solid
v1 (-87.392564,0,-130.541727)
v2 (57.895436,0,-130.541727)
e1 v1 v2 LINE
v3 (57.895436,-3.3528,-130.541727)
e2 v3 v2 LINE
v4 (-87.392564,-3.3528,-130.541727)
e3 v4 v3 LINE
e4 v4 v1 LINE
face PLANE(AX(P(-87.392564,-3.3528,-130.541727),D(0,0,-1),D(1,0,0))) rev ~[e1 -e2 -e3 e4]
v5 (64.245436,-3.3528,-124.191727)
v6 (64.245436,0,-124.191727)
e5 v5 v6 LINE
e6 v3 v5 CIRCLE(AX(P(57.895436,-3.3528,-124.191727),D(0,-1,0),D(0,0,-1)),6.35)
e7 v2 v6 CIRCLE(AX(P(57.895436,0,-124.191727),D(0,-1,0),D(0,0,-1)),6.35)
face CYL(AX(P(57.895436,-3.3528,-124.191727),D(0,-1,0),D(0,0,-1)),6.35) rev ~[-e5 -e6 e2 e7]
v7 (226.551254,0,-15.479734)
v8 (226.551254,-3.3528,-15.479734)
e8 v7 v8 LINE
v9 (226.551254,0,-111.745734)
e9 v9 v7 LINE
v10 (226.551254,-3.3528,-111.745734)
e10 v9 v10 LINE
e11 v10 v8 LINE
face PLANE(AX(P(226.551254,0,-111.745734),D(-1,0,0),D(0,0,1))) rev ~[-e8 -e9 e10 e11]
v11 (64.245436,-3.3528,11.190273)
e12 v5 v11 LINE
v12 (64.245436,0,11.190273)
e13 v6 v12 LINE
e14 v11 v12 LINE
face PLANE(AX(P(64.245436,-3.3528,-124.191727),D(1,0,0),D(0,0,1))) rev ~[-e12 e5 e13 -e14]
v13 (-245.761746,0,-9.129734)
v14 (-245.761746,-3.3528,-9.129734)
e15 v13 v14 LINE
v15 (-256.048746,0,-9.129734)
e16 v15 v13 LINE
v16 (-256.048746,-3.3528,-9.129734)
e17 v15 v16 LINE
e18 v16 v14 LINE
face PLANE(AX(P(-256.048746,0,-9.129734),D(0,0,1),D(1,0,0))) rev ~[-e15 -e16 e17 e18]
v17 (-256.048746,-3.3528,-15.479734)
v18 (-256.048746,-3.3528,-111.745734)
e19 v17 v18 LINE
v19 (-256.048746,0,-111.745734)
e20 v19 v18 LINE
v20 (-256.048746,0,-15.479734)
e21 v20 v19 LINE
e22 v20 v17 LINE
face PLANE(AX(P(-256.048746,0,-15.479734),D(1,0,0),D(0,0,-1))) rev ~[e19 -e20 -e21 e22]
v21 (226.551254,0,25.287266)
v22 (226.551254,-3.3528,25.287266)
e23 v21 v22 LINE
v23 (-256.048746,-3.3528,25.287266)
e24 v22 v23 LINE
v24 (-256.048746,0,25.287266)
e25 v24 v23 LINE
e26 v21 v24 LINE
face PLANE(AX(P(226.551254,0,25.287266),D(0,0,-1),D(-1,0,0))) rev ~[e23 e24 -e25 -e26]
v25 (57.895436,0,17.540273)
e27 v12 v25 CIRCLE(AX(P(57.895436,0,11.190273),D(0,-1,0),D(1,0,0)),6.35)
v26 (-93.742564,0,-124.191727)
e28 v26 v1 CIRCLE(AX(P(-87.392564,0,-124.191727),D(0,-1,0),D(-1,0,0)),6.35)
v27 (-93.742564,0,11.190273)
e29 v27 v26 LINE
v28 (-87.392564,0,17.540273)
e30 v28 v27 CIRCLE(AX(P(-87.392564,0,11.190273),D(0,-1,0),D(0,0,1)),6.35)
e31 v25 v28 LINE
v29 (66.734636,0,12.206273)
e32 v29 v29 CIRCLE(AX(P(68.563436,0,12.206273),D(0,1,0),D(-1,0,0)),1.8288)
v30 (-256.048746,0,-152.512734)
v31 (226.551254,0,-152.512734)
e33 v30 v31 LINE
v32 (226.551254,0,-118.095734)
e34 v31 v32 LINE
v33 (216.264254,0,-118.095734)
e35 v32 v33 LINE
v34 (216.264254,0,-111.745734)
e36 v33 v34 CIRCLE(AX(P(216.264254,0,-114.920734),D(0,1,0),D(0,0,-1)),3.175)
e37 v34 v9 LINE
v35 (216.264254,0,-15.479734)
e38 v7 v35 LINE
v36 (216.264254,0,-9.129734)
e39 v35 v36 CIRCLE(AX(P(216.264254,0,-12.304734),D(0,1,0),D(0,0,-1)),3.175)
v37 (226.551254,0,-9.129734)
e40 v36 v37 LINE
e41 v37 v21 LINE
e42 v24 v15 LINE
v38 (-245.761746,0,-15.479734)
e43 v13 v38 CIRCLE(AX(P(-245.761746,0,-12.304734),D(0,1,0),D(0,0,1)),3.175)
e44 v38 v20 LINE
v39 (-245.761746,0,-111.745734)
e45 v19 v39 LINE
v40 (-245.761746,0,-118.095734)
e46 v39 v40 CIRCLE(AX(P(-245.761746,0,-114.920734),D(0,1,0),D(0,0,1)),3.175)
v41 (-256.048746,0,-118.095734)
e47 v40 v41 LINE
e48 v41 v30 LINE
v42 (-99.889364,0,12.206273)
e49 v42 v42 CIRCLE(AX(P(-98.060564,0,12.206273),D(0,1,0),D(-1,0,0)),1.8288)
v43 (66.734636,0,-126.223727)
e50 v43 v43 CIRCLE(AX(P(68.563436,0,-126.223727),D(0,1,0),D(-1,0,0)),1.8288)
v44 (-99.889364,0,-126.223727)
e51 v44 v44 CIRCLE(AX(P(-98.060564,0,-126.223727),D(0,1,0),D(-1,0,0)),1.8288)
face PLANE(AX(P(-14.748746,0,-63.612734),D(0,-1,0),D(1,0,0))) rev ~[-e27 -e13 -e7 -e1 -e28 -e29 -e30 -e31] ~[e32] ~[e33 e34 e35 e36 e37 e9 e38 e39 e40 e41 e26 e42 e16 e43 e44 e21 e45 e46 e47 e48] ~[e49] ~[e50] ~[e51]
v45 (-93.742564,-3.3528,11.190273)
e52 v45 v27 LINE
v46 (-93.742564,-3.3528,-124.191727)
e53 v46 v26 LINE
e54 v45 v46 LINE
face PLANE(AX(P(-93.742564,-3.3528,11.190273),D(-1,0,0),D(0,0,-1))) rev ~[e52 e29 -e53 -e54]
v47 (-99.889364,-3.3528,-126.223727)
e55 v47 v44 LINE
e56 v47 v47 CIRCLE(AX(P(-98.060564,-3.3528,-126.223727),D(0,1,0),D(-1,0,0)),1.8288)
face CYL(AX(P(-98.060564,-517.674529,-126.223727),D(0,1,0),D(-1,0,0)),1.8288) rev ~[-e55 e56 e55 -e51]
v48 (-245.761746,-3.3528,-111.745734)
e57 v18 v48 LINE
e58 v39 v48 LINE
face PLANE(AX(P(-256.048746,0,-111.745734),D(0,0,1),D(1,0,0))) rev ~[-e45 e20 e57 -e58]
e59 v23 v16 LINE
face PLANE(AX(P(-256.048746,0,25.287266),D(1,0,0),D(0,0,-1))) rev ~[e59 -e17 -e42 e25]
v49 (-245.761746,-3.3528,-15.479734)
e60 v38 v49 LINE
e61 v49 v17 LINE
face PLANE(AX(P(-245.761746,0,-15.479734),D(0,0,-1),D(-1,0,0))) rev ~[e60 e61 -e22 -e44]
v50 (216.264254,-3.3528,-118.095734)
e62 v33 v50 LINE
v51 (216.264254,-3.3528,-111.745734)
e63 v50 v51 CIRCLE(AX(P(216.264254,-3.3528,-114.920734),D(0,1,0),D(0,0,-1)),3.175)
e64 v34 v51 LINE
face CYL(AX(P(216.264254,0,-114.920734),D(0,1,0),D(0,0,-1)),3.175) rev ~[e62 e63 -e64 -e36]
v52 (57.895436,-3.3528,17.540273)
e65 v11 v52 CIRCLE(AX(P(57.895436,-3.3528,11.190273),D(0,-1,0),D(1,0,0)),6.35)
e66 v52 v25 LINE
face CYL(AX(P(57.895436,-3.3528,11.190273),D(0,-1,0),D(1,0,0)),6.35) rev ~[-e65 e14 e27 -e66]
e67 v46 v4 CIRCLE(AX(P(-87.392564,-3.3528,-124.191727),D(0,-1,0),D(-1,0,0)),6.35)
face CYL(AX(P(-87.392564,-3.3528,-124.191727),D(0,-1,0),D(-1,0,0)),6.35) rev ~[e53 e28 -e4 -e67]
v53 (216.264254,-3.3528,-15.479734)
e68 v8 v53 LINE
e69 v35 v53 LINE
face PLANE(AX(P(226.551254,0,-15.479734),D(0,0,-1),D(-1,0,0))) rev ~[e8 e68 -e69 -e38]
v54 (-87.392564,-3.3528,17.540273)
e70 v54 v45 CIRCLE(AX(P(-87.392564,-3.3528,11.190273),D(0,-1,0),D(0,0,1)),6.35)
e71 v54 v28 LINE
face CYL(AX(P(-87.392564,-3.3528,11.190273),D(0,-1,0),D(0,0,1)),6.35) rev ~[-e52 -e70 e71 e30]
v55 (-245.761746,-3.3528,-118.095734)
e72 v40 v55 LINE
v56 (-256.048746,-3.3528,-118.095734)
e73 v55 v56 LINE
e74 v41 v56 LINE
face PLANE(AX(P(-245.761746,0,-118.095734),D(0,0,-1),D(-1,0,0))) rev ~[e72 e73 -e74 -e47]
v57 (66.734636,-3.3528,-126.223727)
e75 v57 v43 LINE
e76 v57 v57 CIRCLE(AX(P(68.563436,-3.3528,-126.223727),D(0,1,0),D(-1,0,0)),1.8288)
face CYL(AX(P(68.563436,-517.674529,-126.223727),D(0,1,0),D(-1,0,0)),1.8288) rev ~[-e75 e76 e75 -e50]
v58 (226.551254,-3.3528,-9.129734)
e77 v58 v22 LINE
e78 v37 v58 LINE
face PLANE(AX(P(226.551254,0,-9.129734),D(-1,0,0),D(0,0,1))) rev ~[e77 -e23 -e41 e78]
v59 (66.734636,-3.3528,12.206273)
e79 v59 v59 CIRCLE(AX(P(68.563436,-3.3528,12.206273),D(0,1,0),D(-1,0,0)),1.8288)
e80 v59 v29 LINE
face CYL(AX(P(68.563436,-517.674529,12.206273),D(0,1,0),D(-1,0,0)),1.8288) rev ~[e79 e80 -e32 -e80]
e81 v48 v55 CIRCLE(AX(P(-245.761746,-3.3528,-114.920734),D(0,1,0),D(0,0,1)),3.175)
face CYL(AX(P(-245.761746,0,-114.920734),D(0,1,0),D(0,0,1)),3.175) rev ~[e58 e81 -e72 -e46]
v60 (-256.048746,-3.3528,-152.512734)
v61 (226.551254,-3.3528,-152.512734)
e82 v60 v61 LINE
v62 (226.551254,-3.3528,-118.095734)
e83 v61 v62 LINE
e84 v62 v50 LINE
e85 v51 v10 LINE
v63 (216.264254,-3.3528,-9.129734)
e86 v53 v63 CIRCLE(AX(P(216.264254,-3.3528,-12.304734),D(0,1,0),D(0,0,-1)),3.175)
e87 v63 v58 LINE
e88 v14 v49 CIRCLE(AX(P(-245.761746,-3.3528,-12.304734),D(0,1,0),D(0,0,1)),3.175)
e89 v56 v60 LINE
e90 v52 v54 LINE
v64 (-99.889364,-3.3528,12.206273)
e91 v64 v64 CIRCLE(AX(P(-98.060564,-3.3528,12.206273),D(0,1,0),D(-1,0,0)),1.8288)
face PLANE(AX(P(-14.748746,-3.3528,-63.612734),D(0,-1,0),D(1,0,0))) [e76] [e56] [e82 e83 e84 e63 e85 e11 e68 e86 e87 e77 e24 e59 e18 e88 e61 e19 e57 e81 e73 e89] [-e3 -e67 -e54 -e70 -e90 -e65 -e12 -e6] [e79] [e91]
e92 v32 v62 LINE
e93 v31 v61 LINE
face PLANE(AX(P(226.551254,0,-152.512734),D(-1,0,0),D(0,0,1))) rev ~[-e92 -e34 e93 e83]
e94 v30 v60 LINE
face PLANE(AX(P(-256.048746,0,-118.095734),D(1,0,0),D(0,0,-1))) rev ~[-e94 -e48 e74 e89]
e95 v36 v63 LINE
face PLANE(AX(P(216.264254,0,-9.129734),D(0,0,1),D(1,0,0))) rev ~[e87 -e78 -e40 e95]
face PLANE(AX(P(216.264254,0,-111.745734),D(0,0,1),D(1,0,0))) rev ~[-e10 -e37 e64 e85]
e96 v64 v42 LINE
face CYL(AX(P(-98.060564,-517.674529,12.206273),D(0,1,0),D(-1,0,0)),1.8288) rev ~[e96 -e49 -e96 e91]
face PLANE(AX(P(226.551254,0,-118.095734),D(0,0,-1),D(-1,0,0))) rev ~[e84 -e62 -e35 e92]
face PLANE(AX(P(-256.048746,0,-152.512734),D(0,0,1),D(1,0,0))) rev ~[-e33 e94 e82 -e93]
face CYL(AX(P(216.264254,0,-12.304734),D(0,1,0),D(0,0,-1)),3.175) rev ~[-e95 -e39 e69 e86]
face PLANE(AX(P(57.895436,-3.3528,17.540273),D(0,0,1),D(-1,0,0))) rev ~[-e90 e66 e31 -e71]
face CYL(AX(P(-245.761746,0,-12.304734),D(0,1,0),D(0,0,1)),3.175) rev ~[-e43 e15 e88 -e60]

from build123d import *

# Parameters (mm, degrees)
F1_DEPTH = 3.3528
F3_DEPTH = 3.3528
F4_D     = 3.6576


with BuildPart() as f1:
    # F0 (on Front) → F1 (new body)
    with BuildSketch(Plane.XZ):
        with BuildLine():
            Line((-256.0487464639, -118.0957335805), (-256.0487464639, -152.5127335805))
            Line((-256.0487464639, -152.5127335805), (226.5512535361, -152.5127335805))
            Line((226.5512535361, -152.5127335805), (226.5512535361, -118.0957335805))
            Line((226.5512535361, -118.0957335805), (216.2642535361, -118.0957335805))
            ThreePointArc((216.2642535361, -118.0957335805), (213.0892535361, -114.9207335805), (216.2642535361, -111.7457335805))
            Line((216.2642535361, -111.7457335805), (226.5512535361, -111.7457335805))
            Line((226.5512535361, -111.7457335805), (226.5512535361, -15.4797335805))
            Line((226.5512535361, -15.4797335805), (216.2642535361, -15.4797335805))
            ThreePointArc((216.2642535361, -15.4797335805), (213.0892535361, -12.3047335805), (216.2642535361, -9.1297335805))
            Line((216.2642535361, -9.1297335805), (226.5512535361, -9.1297335805))
            Line((226.5512535361, -9.1297335805), (226.5512535361, 25.2872664195))
            Line((226.5512535361, 25.2872664195), (-256.0487464639, 25.2872664195))
            Line((-256.0487464639, 25.2872664195), (-256.0487464639, -9.1297335805))
            Line((-256.0487464639, -9.1297335805), (-245.7617464639, -9.1297335805))
            ThreePointArc((-245.7617464639, -9.1297335805), (-242.5867464639, -12.3047335805), (-245.7617464639, -15.4797335805))
            Line((-245.7617464639, -15.4797335805), (-256.0487464639, -15.4797335805))
            Line((-256.0487464639, -15.4797335805), (-256.0487464639, -111.7457335805))
            Line((-256.0487464639, -111.7457335805), (-245.7617464639, -111.7457335805))
            ThreePointArc((-245.7617464639, -111.7457335805), (-242.5867464639, -114.9207335805), (-245.7617464639, -118.0957335805))
            Line((-245.7617464639, -118.0957335805), (-256.0487464639, -118.0957335805))
        make_face()
    extrude(amount=F1_DEPTH)

    # F2 (on face) → F3 (cut, through all)
    with BuildSketch(Plane.XZ.offset(3.3528)):
        with BuildLine():
            ThreePointArc((64.2454358226, 11.190272807), (62.3855638831, 15.6804008674), (57.8954358226, 17.5402728069))
            Line((57.8954358226, 17.5402728069), (-87.3925641774, 17.5402728068))
            ThreePointArc((-87.3925641774, 17.5402728068), (-91.8826922379, 15.6804008674), (-93.7425641774, 11.1902728068))
            Line((-93.7425641774, 11.1902728068), (-93.7425641774, -124.1917271931))
            ThreePointArc((-93.7425641774, -124.1917271931), (-91.882692238, -128.6818552537), (-87.3925641774, -130.5417271931))
            Line((-87.3925641774, -130.5417271931), (57.8954358225, -130.5417271931))
            ThreePointArc((57.8954358225, -130.5417271931), (62.3855638831, -128.6818552536), (64.2454358226, -124.1917271931))
            Line((64.2454358226, -124.1917271931), (64.2454358226, 11.190272807))
        make_face()
    extrude(amount=-F3_DEPTH, mode=Mode.SUBTRACT)

    # F4 (through all)
    with Locations(Plane.XZ.offset(3.3528)):
        with Locations((-98.0605641774, -126.2237271929), (68.5634358226, -126.2237271929), (68.5634358226, 12.2062728071), (-98.0605641774, 12.2062728071)):
            Hole(F4_D / 2)


solid = f1.part
